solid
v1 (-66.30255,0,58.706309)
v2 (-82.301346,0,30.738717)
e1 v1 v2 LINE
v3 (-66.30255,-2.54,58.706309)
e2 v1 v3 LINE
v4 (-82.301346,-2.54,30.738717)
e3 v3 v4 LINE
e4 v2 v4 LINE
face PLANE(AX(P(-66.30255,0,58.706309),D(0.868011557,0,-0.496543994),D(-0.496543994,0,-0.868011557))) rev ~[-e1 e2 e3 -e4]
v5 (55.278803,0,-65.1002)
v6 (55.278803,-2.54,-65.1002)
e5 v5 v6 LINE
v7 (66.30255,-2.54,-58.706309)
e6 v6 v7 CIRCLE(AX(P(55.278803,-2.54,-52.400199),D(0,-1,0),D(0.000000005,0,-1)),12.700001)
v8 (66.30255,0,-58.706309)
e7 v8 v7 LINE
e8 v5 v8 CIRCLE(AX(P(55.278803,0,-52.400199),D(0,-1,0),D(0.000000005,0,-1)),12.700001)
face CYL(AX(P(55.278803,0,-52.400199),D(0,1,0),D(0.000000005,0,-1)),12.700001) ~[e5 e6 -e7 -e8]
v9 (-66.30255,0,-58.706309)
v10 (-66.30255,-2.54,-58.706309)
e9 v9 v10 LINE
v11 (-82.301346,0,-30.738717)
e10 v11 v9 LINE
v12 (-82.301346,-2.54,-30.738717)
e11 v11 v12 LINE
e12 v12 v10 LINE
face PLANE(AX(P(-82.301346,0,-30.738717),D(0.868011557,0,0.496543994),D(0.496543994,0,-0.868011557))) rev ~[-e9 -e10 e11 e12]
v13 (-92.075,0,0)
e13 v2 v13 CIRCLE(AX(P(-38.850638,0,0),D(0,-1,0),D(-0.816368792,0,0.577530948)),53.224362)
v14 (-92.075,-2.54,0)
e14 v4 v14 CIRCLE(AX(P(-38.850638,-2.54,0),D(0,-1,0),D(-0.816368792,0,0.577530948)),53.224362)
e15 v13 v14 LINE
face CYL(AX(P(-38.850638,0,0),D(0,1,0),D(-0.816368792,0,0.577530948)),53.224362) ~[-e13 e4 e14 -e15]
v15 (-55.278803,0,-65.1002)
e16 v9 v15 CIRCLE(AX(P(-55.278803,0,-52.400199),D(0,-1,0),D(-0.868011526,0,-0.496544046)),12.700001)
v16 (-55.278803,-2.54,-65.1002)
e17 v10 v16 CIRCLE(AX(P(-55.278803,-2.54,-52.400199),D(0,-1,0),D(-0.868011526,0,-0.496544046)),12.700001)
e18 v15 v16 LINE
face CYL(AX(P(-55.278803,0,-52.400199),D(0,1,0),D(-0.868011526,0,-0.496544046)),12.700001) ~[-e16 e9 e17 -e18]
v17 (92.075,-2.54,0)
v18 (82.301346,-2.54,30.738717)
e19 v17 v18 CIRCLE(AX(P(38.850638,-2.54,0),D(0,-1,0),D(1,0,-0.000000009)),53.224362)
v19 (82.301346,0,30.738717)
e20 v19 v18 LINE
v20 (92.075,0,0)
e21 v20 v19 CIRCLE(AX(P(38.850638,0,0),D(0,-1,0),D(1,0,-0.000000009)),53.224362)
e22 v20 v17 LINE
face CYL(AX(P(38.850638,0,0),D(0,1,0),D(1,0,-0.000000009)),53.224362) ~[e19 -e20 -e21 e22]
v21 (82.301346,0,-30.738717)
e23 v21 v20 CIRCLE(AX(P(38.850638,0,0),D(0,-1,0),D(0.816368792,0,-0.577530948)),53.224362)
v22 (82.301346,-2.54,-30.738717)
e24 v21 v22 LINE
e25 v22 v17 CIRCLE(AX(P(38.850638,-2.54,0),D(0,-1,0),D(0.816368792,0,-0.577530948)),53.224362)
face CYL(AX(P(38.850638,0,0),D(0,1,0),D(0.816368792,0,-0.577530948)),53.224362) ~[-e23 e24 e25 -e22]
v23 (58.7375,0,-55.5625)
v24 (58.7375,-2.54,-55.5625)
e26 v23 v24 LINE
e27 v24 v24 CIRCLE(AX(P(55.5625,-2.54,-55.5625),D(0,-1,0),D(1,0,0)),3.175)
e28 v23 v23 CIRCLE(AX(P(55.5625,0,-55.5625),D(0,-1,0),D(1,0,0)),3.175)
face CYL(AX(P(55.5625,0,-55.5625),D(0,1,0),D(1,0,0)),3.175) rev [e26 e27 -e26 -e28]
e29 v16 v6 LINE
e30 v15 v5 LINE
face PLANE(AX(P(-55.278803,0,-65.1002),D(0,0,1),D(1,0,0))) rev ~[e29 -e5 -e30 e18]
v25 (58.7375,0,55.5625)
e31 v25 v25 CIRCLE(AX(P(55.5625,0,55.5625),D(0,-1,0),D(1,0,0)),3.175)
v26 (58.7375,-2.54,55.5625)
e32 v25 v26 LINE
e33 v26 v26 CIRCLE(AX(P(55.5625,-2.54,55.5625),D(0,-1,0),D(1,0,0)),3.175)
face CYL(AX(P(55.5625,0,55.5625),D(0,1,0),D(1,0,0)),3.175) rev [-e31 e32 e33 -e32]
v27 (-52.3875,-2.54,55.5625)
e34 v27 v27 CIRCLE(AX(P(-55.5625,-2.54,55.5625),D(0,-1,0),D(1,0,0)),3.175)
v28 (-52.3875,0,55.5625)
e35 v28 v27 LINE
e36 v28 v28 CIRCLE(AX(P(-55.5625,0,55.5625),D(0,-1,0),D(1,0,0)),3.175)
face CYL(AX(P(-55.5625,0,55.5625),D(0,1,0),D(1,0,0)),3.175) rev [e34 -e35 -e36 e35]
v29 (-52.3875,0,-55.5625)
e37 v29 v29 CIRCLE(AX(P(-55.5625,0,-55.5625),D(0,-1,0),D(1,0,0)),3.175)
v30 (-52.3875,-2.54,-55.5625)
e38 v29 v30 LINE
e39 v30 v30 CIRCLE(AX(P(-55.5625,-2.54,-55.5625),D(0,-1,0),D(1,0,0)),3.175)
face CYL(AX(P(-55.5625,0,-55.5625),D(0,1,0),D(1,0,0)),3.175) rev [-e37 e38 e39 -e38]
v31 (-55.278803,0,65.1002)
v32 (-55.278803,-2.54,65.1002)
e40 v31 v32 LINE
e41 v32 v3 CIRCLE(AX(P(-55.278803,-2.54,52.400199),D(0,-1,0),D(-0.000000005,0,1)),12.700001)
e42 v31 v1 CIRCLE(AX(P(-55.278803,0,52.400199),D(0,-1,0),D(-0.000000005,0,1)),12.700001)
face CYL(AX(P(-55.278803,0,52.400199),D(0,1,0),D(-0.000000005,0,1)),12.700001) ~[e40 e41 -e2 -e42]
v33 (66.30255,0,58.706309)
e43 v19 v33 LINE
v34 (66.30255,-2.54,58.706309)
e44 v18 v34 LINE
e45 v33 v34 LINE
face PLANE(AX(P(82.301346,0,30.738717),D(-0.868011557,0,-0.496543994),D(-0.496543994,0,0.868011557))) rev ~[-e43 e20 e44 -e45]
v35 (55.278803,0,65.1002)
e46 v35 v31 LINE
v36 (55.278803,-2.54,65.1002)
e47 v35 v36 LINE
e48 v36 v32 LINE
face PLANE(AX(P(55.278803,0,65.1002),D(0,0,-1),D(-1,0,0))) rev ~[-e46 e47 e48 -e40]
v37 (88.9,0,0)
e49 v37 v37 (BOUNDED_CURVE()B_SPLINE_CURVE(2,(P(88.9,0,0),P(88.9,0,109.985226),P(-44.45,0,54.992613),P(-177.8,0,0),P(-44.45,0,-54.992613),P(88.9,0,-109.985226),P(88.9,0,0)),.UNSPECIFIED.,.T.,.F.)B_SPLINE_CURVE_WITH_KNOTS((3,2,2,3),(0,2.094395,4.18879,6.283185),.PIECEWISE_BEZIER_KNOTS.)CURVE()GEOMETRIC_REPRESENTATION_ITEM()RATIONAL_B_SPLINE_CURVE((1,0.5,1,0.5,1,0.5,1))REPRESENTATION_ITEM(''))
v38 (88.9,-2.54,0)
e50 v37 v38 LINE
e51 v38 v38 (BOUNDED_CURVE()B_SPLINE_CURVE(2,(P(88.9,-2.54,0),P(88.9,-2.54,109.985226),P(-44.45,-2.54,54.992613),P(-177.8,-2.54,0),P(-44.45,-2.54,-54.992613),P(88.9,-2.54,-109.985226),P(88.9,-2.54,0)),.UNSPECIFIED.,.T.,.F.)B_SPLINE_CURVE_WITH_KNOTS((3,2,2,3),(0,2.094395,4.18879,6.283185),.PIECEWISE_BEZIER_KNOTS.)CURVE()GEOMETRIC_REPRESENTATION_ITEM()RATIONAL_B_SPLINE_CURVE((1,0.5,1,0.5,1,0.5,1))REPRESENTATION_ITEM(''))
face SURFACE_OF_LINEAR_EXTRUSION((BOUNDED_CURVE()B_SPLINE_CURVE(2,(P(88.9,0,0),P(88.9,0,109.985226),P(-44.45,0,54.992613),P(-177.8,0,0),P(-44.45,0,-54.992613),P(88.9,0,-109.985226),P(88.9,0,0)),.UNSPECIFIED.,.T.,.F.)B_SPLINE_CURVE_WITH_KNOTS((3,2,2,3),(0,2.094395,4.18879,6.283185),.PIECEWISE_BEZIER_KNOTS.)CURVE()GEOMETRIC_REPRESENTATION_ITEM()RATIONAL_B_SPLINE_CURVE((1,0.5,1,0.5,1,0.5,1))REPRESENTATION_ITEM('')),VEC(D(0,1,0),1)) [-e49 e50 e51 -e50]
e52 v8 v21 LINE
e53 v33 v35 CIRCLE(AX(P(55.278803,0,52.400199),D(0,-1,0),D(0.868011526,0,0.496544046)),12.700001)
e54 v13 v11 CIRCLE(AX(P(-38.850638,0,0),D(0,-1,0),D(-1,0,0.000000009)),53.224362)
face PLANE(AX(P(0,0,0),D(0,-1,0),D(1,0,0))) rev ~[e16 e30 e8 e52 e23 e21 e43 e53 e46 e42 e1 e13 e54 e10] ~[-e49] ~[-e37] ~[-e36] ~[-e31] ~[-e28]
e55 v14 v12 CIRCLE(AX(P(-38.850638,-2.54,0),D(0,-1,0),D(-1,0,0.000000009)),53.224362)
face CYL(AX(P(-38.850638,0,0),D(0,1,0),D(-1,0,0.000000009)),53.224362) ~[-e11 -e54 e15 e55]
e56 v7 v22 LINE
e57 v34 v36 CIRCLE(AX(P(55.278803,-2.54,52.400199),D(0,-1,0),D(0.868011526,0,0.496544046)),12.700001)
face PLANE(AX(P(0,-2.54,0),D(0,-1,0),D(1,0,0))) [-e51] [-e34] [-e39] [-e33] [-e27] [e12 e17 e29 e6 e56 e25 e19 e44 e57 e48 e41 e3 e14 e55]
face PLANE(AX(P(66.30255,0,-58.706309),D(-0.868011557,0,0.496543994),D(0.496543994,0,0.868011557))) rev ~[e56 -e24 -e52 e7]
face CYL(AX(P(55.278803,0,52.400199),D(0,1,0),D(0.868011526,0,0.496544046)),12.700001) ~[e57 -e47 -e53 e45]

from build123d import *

# Parameters (mm, degrees)
F0_R     = 3.175
F1_DEPTH = 2.54


with BuildPart() as f1:
    # F0 (on Front) → F1 (new body)
    with BuildSketch(Plane.XZ):
        with BuildLine():
            Line((-66.30255, 58.706309), (-82.301346, 30.738717))
            ThreePointArc((-82.301346, 30.738717), (-89.572768, 16.127562), (-92.075, 0))
            ThreePointArc((-92.075, 0), (-89.572768, -16.127562), (-82.301346, -30.738717))
            Line((-82.301346, -30.738717), (-66.30255, -58.706309))
            ThreePointArc((-66.30255, -58.706309), (-61.650711, -63.386045), (-55.278803, -65.1002))
            Line((-55.278803, -65.1002), (0, -65.1002))
            Line((0, -65.1002), (55.278803, -65.1002))
            ThreePointArc((55.278803, -65.1002), (61.650711, -63.386045), (66.30255, -58.706309))
            Line((66.30255, -58.706309), (82.301346, -30.738717))
            ThreePointArc((82.301346, -30.738717), (89.572768, -16.127562), (92.075, 0))
            ThreePointArc((92.075, 0), (89.572768, 16.127562), (82.301346, 30.738717))
            Line((82.301346, 30.738717), (66.30255, 58.706309))
            ThreePointArc((66.30255, 58.706309), (61.650711, 63.386045), (55.278803, 65.1002))
            Line((55.278803, 65.1002), (0, 65.1002))
            Line((0, 65.1002), (-55.278803, 65.1002))
            ThreePointArc((-55.278803, 65.1002), (-61.650711, 63.386045), (-66.30255, 58.706309))
        make_face()
        with Locations((-55.5625, -55.5625)):
            Circle(F0_R, mode=Mode.SUBTRACT)
        with Locations((55.5625, -55.5625)):
            Circle(F0_R, mode=Mode.SUBTRACT)
        with Locations((-55.5625, 55.5625)):
            Circle(F0_R, mode=Mode.SUBTRACT)
        with BuildLine():
            add(Edge.make_bspline(
                [(88.9, 0), (88.9, 109.985226), (-44.45, 54.992613), (-177.8, 0), (-44.45, -54.992613), (88.9, -109.985226), (88.9, 0)],
                knots=[0, 0, 0, 2.094395, 2.094395, 4.18879, 4.18879, 6.283185, 6.283185, 6.283185], degree=2, weights=[1, 0.5, 1, 0.5, 1, 0.5, 1]))
        make_face(mode=Mode.SUBTRACT)
        with Locations((55.5625, 55.5625)):
            Circle(F0_R, mode=Mode.SUBTRACT)
    extrude(amount=F1_DEPTH)


solid = f1.part
